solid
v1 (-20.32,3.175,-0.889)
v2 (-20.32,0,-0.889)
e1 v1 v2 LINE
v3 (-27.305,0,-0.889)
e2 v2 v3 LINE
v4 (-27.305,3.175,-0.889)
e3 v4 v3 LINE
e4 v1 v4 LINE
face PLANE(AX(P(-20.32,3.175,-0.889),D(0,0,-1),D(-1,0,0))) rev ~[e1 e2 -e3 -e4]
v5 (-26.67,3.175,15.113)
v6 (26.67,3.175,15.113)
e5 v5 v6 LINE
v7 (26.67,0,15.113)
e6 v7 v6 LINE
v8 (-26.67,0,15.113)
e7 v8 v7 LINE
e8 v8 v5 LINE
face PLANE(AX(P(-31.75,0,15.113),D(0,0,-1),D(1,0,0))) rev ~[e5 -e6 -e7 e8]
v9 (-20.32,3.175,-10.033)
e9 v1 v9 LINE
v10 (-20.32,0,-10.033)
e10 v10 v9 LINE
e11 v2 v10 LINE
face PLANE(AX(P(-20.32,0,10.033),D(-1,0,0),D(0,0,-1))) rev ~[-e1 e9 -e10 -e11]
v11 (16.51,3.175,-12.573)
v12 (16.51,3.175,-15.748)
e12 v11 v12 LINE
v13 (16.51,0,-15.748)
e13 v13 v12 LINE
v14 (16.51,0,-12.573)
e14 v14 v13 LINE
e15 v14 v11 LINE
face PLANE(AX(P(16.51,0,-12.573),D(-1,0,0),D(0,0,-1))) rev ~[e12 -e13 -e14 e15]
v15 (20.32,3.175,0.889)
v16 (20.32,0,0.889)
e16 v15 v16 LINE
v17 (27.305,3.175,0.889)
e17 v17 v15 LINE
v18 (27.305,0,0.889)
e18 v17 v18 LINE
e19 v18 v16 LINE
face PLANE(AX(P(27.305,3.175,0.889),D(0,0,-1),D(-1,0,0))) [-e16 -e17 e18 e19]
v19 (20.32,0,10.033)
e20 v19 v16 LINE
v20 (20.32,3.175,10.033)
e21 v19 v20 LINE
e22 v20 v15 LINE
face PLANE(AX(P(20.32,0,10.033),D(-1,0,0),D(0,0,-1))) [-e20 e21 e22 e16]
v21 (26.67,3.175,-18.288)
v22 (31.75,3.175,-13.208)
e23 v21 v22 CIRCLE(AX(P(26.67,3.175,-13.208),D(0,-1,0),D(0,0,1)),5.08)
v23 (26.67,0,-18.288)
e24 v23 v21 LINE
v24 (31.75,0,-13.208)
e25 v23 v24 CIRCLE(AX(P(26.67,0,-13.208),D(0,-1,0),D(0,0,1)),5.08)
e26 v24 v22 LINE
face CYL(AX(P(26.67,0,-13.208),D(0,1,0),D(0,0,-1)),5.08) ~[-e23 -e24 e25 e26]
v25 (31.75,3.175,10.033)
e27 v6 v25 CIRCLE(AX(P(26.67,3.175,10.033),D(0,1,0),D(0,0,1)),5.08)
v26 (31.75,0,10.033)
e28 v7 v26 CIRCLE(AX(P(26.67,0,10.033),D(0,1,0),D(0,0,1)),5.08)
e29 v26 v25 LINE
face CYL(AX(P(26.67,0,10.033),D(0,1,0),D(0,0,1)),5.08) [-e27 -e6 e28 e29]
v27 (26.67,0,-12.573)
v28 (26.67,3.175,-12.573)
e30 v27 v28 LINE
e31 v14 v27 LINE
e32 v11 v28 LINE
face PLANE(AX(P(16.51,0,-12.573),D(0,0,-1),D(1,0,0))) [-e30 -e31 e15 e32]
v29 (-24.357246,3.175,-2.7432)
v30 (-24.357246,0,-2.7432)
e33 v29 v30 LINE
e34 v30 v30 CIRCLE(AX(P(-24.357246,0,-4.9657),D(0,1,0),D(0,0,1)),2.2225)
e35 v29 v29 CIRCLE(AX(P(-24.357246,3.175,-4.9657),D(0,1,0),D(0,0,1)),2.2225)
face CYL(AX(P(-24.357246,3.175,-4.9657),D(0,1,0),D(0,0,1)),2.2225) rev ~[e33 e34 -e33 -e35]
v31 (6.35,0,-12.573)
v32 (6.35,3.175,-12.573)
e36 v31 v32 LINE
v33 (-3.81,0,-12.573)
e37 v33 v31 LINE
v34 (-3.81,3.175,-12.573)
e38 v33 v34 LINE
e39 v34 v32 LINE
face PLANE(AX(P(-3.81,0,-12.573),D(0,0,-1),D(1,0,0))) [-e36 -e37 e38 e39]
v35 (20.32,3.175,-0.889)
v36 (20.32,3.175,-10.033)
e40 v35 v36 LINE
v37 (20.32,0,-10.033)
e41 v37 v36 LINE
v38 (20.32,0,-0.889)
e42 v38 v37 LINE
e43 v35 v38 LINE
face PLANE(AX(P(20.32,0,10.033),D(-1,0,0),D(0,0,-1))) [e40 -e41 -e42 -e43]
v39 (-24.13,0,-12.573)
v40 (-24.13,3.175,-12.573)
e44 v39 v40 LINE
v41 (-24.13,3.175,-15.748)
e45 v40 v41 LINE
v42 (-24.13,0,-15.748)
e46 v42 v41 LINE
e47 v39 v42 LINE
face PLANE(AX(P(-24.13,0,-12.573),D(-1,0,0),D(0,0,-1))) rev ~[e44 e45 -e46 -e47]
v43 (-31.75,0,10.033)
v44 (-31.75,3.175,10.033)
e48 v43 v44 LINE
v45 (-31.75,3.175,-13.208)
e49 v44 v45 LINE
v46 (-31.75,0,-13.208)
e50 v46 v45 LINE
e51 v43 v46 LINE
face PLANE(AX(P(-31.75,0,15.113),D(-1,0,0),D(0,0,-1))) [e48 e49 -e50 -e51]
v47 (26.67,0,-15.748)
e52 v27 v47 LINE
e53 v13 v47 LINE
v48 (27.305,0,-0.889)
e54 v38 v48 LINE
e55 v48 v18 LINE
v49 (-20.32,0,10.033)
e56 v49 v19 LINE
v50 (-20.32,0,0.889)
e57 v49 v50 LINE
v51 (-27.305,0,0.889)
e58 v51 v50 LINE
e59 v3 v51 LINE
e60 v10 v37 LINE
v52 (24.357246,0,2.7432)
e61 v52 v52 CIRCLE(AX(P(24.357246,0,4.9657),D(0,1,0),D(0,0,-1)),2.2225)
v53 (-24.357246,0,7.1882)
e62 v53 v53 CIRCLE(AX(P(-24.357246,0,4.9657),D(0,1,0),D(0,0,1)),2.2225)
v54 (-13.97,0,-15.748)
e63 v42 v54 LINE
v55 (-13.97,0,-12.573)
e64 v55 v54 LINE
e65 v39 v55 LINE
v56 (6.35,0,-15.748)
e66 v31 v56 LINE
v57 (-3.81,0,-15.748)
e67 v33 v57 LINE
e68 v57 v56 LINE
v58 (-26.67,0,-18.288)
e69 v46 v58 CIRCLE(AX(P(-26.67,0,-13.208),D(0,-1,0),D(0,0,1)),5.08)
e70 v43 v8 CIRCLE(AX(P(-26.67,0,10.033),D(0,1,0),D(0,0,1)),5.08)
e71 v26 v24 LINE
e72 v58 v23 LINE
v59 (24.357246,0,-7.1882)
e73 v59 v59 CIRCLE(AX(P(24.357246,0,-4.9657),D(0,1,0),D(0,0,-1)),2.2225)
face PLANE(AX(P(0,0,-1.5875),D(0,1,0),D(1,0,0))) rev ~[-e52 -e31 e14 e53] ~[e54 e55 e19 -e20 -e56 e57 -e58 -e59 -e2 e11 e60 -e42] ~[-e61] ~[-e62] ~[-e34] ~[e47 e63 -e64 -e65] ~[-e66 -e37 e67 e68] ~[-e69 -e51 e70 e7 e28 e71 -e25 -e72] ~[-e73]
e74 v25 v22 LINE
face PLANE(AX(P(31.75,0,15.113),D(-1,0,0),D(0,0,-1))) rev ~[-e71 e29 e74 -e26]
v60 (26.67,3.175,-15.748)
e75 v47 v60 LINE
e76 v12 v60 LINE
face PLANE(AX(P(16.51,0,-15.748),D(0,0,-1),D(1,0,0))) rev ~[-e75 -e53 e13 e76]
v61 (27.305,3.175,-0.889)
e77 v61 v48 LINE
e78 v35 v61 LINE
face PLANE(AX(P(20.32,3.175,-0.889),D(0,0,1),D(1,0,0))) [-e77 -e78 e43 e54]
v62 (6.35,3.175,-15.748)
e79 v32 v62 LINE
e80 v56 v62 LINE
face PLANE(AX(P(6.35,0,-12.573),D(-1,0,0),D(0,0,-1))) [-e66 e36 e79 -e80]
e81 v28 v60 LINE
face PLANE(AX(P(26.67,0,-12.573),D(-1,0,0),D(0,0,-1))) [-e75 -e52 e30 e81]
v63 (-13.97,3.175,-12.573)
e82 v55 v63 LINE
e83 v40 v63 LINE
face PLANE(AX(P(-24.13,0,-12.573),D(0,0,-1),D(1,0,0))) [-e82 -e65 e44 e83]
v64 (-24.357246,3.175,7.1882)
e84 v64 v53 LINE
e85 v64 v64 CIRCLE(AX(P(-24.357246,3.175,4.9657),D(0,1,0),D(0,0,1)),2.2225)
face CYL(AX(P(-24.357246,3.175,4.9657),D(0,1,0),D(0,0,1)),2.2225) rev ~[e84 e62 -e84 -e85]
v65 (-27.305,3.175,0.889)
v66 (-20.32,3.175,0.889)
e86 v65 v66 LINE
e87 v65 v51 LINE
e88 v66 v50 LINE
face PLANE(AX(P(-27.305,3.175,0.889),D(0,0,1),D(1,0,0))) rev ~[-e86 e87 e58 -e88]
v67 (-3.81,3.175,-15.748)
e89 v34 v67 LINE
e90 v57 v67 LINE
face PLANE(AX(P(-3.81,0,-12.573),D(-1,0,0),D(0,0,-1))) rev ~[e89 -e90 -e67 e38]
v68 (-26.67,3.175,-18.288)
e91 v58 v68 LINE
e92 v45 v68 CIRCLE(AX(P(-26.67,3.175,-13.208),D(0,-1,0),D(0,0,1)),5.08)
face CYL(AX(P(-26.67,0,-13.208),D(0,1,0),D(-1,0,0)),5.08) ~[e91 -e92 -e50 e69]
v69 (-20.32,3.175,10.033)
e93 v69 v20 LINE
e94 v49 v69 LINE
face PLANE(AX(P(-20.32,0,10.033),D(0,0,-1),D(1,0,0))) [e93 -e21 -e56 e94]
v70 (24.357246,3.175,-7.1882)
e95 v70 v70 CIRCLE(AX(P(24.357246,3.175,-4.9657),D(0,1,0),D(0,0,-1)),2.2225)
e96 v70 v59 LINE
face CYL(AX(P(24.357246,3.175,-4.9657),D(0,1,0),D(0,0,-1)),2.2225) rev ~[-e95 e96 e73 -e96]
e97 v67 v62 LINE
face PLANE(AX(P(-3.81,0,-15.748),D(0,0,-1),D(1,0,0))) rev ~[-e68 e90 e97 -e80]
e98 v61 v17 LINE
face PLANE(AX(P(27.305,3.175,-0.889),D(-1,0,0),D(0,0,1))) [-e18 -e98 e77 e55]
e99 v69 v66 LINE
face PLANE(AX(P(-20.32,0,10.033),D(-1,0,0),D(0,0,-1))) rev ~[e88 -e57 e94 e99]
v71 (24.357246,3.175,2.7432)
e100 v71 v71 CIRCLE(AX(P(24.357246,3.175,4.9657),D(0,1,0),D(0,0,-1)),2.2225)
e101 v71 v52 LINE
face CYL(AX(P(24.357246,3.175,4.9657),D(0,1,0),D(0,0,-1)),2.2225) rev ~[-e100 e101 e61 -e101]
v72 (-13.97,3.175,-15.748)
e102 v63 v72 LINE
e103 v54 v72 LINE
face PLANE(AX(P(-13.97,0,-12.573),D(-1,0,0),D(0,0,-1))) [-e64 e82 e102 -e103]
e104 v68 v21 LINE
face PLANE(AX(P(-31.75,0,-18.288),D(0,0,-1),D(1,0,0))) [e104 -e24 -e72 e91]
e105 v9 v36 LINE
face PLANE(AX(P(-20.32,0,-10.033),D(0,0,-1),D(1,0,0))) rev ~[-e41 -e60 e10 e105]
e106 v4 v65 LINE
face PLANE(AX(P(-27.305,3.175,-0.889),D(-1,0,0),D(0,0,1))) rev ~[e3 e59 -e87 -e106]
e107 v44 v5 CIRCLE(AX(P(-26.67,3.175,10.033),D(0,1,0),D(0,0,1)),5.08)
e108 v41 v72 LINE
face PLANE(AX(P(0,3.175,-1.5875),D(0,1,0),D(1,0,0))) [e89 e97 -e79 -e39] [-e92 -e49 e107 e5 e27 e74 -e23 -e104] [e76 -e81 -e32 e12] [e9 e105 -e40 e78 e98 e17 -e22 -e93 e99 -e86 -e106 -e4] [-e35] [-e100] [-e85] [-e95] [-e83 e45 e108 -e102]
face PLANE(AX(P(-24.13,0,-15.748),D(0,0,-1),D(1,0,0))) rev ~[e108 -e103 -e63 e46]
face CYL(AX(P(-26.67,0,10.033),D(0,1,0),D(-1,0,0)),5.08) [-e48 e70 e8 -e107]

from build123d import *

# Parameters (mm, degrees)
SKETCH1_W            = 63.5
SKETCH1_H            = 33.401
SKETCH1_W_2          = 10.16
SKETCH1_H_2          = 3.175
SKETCH1_W_3          = 40.64
SKETCH1_H_3          = 20.066
MAIN_EXTRUSION_DEPTH = 3.175
SKETCH3_R            = 2.2225
MOUNTING_HOLES_DEPTH = 37.777630008
TAB_CUTOUT_DEPTH     = 37.777630008
FILLET1_R            = 5.08


with BuildPart() as part:
    # Sketch1 → Main Extrusion (new body)
    with BuildSketch(Plane(origin=(0, 0, 0), x_dir=(1, 0, 0), z_dir=(0, 1, 0))):
        with Locations((0, 1.5875)):
            Rectangle(SKETCH1_W, SKETCH1_H)
        with Locations((21.59, 14.1605)):
            Rectangle(SKETCH1_W_2, SKETCH1_H_2, mode=Mode.SUBTRACT)
        with Locations((1.27, 14.1605)):
            Rectangle(SKETCH1_W_2, SKETCH1_H_2, mode=Mode.SUBTRACT)
        with Locations((-19.05, 14.1605)):
            Rectangle(SKETCH1_W_2, SKETCH1_H_2, mode=Mode.SUBTRACT)
        Rectangle(SKETCH1_W_3, SKETCH1_H_3, mode=Mode.SUBTRACT)
    extrude(amount=MAIN_EXTRUSION_DEPTH)

    # Sketch3 → Mounting Holes (cut, through all)
    with BuildSketch(Plane(origin=(0, 3.175, 0), x_dir=(1, 0, 0), z_dir=(0, 1, 0))):
        with Locations(Location((-24.357246486, 4.9657, 0), (0, 0, 270))):
            Circle(SKETCH3_R)
        with Locations(Location((-24.357246486, -4.9657, 0), (0, 0, 270))):
            Circle(SKETCH3_R)
        with Locations(Location((24.357246486, -4.9657, 0), (0, 0, 90))):
            Circle(SKETCH3_R)
        with Locations(Location((24.357246486, 4.9657, 0), (0, 0, 90))):
            Circle(SKETCH3_R)
    extrude(amount=-MOUNTING_HOLES_DEPTH, mode=Mode.SUBTRACT)

    # Sketch5 → Tab cutout (cut, through all)
    with BuildSketch(Plane(origin=(0, 3.175, 0), x_dir=(1, 0, 0), z_dir=(0, 1, 0))):
        Polygon((-20.32, 0), (-20.32, 0.889), (-27.305, 0.889), (-27.305, -0.889), (-20.32, -0.889), align=None)
        Polygon((27.305, -0.889), (20.32, -0.889), (20.32, 0), (20.32, 0.889), (27.305, 0.889), align=None)
    extrude(amount=-TAB_CUTOUT_DEPTH, mode=Mode.SUBTRACT)

    # Fillet1
    fillet1_edges = [part.edges().sort_by_distance(p)[0] for p in [
        (31.75, 1.5875, 15.113),
        (-31.75, 1.5875, 15.113),
        (-31.75, 1.5875, -18.288),
        (31.75, 1.5875, -18.288),
    ]]
    fillet(fillet1_edges, radius=FILLET1_R)


solid = part.part
